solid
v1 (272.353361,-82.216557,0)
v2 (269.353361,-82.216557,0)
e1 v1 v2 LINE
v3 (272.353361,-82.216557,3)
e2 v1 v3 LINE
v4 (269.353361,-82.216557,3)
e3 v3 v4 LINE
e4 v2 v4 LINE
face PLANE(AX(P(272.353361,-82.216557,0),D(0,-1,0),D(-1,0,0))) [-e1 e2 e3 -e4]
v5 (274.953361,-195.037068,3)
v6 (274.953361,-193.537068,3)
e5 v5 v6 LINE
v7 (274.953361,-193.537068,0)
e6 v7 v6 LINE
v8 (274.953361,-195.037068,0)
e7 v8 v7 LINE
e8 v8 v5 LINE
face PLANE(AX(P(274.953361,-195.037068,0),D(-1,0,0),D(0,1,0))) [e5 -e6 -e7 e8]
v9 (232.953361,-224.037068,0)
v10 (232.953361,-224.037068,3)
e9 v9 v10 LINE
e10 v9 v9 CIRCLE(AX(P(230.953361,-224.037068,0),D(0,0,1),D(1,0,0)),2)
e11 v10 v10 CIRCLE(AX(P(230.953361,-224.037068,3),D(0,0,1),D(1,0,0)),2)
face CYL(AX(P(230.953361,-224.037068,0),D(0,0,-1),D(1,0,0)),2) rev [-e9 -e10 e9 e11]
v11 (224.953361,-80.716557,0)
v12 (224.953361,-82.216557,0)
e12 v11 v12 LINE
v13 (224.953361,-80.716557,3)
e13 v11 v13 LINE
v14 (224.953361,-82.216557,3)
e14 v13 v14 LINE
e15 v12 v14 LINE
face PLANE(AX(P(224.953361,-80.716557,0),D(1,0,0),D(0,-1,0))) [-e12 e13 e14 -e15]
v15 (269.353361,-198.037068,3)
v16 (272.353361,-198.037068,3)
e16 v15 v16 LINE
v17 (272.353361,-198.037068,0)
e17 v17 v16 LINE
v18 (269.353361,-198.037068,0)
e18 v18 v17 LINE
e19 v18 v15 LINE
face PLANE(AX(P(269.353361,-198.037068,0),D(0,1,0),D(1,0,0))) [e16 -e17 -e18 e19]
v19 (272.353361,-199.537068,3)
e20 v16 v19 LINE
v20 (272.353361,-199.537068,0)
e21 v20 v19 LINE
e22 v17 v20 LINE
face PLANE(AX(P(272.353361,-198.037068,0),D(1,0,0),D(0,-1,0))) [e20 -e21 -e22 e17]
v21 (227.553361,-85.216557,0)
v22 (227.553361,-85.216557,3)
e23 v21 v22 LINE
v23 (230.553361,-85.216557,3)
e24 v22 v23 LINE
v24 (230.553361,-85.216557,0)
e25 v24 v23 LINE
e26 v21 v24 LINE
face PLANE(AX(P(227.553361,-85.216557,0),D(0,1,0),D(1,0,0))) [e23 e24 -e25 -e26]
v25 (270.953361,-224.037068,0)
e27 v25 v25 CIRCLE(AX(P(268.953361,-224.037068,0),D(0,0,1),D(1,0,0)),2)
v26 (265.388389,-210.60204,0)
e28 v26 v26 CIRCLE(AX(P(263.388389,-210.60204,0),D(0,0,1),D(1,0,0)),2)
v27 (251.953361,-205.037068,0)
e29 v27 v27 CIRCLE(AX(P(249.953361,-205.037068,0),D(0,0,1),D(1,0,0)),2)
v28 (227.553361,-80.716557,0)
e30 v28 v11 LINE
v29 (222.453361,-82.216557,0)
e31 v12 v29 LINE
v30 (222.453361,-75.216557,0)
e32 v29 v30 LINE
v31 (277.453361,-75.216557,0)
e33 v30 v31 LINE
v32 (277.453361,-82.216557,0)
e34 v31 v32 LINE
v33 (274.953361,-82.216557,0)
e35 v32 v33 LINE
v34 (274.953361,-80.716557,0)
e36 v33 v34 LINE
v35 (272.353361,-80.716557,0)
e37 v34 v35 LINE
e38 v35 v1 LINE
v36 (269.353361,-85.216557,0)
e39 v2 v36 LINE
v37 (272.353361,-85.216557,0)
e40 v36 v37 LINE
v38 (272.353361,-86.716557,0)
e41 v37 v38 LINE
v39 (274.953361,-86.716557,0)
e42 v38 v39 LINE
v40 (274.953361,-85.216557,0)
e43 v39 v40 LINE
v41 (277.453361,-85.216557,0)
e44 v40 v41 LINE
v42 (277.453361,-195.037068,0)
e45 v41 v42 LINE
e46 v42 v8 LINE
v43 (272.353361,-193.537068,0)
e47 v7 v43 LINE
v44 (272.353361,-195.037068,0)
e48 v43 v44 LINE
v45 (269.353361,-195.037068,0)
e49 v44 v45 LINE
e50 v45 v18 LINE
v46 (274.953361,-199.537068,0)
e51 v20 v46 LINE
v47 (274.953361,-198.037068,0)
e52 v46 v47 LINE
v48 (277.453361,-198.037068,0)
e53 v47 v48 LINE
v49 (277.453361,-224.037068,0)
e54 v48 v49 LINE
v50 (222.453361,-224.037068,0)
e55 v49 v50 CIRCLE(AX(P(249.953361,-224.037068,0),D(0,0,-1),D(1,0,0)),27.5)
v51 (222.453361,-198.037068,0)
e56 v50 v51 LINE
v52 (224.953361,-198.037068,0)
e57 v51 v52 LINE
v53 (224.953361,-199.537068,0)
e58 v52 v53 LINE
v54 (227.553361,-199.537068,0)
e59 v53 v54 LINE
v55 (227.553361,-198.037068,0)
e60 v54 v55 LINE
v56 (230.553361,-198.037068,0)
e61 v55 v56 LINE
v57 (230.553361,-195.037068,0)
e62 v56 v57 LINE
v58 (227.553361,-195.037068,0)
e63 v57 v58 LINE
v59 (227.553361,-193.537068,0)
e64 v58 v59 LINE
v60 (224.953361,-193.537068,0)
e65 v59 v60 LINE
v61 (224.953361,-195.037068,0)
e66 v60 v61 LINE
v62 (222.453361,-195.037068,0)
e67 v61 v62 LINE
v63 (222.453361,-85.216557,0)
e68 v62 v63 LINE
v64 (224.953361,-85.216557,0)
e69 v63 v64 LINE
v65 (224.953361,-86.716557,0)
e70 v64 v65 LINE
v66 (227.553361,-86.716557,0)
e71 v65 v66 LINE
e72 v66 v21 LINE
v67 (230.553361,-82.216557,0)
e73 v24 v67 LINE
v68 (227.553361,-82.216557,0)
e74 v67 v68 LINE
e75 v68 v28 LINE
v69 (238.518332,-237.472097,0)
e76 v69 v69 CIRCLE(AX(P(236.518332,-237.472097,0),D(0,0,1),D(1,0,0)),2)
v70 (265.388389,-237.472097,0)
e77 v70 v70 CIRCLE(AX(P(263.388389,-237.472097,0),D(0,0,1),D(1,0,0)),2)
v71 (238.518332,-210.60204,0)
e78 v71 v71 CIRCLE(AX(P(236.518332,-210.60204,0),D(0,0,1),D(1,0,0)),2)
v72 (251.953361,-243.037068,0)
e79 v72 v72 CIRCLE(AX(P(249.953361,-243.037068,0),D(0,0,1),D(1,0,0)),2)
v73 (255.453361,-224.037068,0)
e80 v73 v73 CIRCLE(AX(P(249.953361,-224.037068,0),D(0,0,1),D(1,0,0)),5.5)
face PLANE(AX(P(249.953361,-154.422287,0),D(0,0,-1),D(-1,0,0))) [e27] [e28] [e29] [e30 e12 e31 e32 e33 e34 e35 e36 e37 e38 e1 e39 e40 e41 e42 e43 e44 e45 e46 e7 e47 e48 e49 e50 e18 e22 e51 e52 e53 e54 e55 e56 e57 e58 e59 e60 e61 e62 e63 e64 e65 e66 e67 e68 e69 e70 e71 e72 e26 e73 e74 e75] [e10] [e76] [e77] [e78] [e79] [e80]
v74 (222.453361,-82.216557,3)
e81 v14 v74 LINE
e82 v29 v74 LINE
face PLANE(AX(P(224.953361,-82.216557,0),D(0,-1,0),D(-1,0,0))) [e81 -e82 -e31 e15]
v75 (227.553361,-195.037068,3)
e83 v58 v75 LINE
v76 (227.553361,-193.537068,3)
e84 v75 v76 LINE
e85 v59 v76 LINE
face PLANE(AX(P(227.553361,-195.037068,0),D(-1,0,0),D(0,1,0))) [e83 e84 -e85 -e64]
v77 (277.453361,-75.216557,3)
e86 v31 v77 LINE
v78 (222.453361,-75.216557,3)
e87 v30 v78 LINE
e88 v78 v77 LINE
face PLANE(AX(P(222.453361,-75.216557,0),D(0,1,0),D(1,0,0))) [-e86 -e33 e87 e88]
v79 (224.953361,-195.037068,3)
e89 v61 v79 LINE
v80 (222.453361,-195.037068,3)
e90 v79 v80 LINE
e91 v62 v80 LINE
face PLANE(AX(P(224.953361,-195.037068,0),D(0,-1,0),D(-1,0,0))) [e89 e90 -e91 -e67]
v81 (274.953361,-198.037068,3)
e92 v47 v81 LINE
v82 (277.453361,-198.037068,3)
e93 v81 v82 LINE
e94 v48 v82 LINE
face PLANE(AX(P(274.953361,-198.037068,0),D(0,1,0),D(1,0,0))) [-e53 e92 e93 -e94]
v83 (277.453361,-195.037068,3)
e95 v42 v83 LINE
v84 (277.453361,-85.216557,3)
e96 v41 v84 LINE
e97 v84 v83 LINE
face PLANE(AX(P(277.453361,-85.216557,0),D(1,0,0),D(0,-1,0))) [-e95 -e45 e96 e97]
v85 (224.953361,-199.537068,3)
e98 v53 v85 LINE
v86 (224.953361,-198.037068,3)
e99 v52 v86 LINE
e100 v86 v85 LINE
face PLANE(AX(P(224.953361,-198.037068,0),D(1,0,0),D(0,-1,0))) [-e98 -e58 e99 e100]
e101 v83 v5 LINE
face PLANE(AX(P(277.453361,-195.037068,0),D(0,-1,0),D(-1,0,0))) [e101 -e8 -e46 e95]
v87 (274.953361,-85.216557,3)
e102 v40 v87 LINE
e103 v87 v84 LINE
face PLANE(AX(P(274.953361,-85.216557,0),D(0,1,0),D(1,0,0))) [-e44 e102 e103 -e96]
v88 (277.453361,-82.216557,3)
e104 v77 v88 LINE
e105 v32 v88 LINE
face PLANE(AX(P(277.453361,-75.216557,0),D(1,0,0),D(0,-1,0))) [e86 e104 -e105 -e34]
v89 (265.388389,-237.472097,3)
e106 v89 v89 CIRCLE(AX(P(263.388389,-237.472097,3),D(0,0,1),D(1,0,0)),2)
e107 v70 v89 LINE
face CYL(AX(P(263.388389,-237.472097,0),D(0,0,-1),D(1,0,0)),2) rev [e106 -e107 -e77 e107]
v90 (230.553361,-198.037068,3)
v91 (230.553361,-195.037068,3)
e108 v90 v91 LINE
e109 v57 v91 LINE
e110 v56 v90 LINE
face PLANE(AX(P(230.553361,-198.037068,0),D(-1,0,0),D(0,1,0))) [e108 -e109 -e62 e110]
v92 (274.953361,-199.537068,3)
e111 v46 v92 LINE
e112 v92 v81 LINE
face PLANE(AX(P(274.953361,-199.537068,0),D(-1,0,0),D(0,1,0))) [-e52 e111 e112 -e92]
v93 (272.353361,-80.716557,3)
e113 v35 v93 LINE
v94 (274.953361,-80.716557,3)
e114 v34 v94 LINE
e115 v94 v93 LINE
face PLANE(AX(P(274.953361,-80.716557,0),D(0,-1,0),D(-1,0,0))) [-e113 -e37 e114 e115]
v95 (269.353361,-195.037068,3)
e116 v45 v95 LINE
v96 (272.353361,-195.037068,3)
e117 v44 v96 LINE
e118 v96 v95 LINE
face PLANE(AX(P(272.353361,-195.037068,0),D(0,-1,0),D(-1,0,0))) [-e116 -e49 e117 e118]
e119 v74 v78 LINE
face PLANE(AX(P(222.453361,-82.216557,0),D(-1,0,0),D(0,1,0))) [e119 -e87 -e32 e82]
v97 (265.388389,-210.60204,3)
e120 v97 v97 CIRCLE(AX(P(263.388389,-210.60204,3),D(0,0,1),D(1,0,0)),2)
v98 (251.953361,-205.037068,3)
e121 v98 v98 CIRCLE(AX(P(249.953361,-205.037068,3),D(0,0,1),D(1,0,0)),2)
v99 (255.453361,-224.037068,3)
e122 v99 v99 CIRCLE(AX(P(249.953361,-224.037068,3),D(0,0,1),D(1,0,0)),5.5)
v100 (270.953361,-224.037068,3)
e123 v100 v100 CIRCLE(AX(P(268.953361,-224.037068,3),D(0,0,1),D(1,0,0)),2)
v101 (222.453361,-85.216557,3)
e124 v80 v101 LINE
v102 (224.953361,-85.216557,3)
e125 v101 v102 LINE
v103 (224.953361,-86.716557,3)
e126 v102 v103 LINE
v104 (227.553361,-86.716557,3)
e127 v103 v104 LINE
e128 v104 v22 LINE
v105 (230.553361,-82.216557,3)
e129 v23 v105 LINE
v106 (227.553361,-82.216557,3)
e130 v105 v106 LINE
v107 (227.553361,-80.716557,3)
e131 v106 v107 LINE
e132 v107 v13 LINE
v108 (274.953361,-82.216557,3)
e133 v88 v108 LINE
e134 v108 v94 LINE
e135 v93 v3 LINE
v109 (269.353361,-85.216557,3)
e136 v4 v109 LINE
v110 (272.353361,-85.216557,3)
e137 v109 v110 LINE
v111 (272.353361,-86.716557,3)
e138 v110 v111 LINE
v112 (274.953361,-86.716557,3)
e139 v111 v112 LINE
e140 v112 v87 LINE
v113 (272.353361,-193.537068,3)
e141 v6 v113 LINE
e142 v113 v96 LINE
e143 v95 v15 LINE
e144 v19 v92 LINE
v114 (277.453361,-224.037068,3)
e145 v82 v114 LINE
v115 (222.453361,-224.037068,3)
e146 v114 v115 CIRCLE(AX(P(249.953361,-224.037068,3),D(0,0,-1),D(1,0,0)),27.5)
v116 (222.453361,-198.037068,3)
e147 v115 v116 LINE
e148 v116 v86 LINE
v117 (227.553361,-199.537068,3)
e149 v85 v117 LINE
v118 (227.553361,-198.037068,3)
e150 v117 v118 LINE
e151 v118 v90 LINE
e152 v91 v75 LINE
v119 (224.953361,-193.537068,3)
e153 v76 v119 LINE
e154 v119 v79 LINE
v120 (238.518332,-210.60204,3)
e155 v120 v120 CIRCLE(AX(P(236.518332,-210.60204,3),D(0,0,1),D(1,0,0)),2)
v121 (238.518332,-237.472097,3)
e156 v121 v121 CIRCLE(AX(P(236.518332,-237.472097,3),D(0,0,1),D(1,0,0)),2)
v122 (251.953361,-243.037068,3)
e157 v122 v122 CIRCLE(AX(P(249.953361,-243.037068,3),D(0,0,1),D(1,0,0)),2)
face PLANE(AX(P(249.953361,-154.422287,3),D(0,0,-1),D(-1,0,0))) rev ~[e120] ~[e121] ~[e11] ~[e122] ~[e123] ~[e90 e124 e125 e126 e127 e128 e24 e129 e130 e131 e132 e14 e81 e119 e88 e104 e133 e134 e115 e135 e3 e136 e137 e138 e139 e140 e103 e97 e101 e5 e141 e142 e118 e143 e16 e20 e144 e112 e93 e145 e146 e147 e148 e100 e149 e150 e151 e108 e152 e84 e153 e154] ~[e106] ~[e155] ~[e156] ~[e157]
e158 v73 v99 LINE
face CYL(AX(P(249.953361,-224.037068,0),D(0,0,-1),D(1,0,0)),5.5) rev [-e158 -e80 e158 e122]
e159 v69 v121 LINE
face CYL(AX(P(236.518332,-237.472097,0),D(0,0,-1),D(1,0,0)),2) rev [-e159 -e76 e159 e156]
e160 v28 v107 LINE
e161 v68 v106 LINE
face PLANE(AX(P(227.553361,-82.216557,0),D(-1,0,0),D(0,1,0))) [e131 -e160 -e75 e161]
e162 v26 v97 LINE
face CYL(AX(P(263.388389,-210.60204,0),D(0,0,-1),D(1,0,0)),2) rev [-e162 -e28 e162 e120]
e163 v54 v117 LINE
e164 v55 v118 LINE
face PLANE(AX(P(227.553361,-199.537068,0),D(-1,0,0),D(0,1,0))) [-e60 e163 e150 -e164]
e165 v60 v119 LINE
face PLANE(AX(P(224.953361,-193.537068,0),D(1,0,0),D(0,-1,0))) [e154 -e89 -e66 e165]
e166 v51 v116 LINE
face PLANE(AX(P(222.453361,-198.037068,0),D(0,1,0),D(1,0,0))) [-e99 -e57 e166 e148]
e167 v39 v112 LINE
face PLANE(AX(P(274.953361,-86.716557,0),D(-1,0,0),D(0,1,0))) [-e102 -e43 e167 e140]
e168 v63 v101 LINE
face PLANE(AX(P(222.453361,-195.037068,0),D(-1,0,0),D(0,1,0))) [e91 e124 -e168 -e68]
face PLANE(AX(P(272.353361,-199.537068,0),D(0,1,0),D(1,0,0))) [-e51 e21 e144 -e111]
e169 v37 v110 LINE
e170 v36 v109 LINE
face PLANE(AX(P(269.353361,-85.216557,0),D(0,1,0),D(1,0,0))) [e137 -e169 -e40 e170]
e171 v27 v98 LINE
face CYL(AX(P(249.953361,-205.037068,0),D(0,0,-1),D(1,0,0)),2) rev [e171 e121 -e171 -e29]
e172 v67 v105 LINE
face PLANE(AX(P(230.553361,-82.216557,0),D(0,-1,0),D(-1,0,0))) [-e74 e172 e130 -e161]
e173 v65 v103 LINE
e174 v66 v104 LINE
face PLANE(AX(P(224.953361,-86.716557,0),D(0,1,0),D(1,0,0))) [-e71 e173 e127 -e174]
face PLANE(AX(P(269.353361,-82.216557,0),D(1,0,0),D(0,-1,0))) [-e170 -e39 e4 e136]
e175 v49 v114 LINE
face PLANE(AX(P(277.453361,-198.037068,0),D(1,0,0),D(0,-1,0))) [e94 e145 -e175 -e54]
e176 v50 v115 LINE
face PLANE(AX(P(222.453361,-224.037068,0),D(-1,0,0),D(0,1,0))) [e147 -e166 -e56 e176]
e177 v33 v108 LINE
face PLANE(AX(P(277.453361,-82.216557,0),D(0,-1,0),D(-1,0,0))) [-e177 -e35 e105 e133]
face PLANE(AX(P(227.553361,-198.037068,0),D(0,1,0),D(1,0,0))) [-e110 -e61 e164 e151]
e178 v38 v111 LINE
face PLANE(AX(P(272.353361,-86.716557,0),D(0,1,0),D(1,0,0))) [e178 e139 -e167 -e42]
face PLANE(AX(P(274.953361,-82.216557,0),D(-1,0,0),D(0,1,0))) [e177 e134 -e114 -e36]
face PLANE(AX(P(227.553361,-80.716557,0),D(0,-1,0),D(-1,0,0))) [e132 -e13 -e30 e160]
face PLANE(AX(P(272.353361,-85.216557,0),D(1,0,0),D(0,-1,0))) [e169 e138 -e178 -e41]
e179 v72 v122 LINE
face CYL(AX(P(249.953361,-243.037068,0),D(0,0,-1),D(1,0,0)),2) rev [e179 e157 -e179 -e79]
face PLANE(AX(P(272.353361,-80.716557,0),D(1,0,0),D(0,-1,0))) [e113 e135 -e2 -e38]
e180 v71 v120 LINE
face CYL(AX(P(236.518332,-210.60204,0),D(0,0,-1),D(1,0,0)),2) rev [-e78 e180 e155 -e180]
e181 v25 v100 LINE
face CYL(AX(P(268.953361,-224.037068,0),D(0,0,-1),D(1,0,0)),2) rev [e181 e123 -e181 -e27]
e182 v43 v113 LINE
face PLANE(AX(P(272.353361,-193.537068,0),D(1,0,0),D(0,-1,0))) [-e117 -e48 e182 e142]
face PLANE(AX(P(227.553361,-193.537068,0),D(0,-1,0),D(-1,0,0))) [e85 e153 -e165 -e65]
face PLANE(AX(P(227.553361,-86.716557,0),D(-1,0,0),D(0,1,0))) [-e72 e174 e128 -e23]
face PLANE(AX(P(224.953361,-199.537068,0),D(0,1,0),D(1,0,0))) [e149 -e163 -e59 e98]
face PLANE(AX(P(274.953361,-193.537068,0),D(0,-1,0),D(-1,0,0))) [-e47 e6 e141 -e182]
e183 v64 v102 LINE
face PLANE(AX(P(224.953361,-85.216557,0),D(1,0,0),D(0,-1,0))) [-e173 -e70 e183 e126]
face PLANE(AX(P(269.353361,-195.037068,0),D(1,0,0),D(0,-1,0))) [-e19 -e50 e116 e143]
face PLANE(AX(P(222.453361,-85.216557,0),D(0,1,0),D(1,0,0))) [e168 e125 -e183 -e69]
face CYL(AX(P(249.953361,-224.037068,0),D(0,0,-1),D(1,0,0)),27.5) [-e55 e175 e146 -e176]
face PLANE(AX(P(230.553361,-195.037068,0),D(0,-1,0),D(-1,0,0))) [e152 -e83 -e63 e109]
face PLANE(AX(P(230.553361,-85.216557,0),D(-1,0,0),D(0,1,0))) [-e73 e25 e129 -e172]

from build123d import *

# Parameters (mm, degrees)
SKETCH_1_R      = 5.5
SKETCH_1_R_2    = 2
EXTRUDE_1_DEPTH = 3


with BuildPart() as part:
    # 草图1 → 凸台-拉伸1 (new body)
    with BuildSketch(Plane.XY):
        with BuildLine():
            Line((222.453360513, -82.216557036), (222.453360513, -75.216557036))
            Line((222.453360513, -75.216557036), (277.453360513, -75.216557036))
            Line((277.453360513, -75.216557036), (277.453360513, -82.216557036))
            Line((277.453360513, -82.216557036), (274.953360513, -82.216557036))
            Line((274.953360513, -82.216557036), (274.953360513, -80.716557036))
            Line((274.953360513, -80.716557036), (272.353360513, -80.716557036))
            Line((272.353360513, -80.716557036), (272.353360513, -82.216557036))
            Line((272.353360513, -82.216557036), (269.353360513, -82.216557036))
            Line((269.353360513, -82.216557036), (269.353360513, -85.216557036))
            Line((269.353360513, -85.216557036), (272.353360513, -85.216557036))
            Line((272.353360513, -85.216557036), (272.353360513, -86.716557036))
            Line((272.353360513, -86.716557036), (274.953360513, -86.716557036))
            Line((274.953360513, -86.716557036), (274.953360513, -85.216557036))
            Line((274.953360513, -85.216557036), (277.453360513, -85.216557036))
            Line((277.453360513, -85.216557036), (277.453360513, -195.037068397))
            Line((277.453360513, -195.037068397), (274.953360513, -195.037068397))
            Line((274.953360513, -195.037068397), (274.953360513, -193.537068397))
            Line((274.953360513, -193.537068397), (272.353360513, -193.537068397))
            Line((272.353360513, -193.537068397), (272.353360513, -195.037068397))
            Line((272.353360513, -195.037068397), (269.353360513, -195.037068397))
            Line((269.353360513, -195.037068397), (269.353360513, -198.037068397))
            Line((269.353360513, -198.037068397), (272.353360513, -198.037068397))
            Line((272.353360513, -198.037068397), (272.353360513, -199.537068397))
            Line((272.353360513, -199.537068397), (274.953360513, -199.537068397))
            Line((274.953360513, -199.537068397), (274.953360513, -198.037068397))
            Line((274.953360513, -198.037068397), (277.453360513, -198.037068397))
            Line((277.453360513, -198.037068397), (277.453360513, -224.037068397))
            ThreePointArc((277.453360513, -224.037068397), (249.953360513, -251.537068397), (222.453360513, -224.037068397))
            Line((222.453360513, -224.037068397), (222.453360513, -198.037068397))
            Line((222.453360513, -198.037068397), (224.953360513, -198.037068397))
            Line((224.953360513, -198.037068397), (224.953360513, -199.537068397))
            Line((224.953360513, -199.537068397), (227.553360513, -199.537068397))
            Line((227.553360513, -199.537068397), (227.553360513, -198.037068397))
            Line((227.553360513, -198.037068397), (230.553360513, -198.037068397))
            Line((230.553360513, -198.037068397), (230.553360513, -195.037068397))
            Line((230.553360513, -195.037068397), (227.553360513, -195.037068397))
            Line((227.553360513, -195.037068397), (227.553360513, -193.537068397))
            Line((227.553360513, -193.537068397), (224.953360513, -193.537068397))
            Line((224.953360513, -193.537068397), (224.953360513, -195.037068397))
            Line((224.953360513, -195.037068397), (222.453360513, -195.037068397))
            Line((222.453360513, -195.037068397), (222.453360513, -85.216557036))
            Line((222.453360513, -85.216557036), (224.953360513, -85.216557036))
            Line((224.953360513, -85.216557036), (224.953360513, -86.716557036))
            Line((224.953360513, -86.716557036), (227.553360513, -86.716557036))
            Line((227.553360513, -86.716557036), (227.553360513, -85.216557036))
            Line((227.553360513, -85.216557036), (230.553360513, -85.216557036))
            Line((230.553360513, -85.216557036), (230.553360513, -82.216557036))
            Line((230.553360513, -82.216557036), (227.553360513, -82.216557036))
            Line((227.553360513, -82.216557036), (227.553360513, -80.716557036))
            Line((227.553360513, -80.716557036), (224.953360513, -80.716557036))
            Line((224.953360513, -80.716557036), (224.953360513, -82.216557036))
            Line((224.953360513, -82.216557036), (222.453360513, -82.216557036))
        make_face()
        with Locations((249.953360513, -224.037068397)):
            Circle(SKETCH_1_R, mode=Mode.SUBTRACT)
        with Locations((249.953360513, -205.037068397)):
            Circle(SKETCH_1_R_2, mode=Mode.SUBTRACT)
        with Locations((263.388389356, -210.602039555)):
            Circle(SKETCH_1_R_2, mode=Mode.SUBTRACT)
        with Locations((268.953360513, -224.037068397)):
            Circle(SKETCH_1_R_2, mode=Mode.SUBTRACT)
        with Locations((263.388389356, -237.47209724)):
            Circle(SKETCH_1_R_2, mode=Mode.SUBTRACT)
        with Locations((249.953360513, -243.037068397)):
            Circle(SKETCH_1_R_2, mode=Mode.SUBTRACT)
        with Locations((236.518331671, -237.47209724)):
            Circle(SKETCH_1_R_2, mode=Mode.SUBTRACT)
        with Locations((230.953360513, -224.037068397)):
            Circle(SKETCH_1_R_2, mode=Mode.SUBTRACT)
        with Locations((236.518331671, -210.602039555)):
            Circle(SKETCH_1_R_2, mode=Mode.SUBTRACT)
    extrude(amount=EXTRUDE_1_DEPTH)


solid = part.part
